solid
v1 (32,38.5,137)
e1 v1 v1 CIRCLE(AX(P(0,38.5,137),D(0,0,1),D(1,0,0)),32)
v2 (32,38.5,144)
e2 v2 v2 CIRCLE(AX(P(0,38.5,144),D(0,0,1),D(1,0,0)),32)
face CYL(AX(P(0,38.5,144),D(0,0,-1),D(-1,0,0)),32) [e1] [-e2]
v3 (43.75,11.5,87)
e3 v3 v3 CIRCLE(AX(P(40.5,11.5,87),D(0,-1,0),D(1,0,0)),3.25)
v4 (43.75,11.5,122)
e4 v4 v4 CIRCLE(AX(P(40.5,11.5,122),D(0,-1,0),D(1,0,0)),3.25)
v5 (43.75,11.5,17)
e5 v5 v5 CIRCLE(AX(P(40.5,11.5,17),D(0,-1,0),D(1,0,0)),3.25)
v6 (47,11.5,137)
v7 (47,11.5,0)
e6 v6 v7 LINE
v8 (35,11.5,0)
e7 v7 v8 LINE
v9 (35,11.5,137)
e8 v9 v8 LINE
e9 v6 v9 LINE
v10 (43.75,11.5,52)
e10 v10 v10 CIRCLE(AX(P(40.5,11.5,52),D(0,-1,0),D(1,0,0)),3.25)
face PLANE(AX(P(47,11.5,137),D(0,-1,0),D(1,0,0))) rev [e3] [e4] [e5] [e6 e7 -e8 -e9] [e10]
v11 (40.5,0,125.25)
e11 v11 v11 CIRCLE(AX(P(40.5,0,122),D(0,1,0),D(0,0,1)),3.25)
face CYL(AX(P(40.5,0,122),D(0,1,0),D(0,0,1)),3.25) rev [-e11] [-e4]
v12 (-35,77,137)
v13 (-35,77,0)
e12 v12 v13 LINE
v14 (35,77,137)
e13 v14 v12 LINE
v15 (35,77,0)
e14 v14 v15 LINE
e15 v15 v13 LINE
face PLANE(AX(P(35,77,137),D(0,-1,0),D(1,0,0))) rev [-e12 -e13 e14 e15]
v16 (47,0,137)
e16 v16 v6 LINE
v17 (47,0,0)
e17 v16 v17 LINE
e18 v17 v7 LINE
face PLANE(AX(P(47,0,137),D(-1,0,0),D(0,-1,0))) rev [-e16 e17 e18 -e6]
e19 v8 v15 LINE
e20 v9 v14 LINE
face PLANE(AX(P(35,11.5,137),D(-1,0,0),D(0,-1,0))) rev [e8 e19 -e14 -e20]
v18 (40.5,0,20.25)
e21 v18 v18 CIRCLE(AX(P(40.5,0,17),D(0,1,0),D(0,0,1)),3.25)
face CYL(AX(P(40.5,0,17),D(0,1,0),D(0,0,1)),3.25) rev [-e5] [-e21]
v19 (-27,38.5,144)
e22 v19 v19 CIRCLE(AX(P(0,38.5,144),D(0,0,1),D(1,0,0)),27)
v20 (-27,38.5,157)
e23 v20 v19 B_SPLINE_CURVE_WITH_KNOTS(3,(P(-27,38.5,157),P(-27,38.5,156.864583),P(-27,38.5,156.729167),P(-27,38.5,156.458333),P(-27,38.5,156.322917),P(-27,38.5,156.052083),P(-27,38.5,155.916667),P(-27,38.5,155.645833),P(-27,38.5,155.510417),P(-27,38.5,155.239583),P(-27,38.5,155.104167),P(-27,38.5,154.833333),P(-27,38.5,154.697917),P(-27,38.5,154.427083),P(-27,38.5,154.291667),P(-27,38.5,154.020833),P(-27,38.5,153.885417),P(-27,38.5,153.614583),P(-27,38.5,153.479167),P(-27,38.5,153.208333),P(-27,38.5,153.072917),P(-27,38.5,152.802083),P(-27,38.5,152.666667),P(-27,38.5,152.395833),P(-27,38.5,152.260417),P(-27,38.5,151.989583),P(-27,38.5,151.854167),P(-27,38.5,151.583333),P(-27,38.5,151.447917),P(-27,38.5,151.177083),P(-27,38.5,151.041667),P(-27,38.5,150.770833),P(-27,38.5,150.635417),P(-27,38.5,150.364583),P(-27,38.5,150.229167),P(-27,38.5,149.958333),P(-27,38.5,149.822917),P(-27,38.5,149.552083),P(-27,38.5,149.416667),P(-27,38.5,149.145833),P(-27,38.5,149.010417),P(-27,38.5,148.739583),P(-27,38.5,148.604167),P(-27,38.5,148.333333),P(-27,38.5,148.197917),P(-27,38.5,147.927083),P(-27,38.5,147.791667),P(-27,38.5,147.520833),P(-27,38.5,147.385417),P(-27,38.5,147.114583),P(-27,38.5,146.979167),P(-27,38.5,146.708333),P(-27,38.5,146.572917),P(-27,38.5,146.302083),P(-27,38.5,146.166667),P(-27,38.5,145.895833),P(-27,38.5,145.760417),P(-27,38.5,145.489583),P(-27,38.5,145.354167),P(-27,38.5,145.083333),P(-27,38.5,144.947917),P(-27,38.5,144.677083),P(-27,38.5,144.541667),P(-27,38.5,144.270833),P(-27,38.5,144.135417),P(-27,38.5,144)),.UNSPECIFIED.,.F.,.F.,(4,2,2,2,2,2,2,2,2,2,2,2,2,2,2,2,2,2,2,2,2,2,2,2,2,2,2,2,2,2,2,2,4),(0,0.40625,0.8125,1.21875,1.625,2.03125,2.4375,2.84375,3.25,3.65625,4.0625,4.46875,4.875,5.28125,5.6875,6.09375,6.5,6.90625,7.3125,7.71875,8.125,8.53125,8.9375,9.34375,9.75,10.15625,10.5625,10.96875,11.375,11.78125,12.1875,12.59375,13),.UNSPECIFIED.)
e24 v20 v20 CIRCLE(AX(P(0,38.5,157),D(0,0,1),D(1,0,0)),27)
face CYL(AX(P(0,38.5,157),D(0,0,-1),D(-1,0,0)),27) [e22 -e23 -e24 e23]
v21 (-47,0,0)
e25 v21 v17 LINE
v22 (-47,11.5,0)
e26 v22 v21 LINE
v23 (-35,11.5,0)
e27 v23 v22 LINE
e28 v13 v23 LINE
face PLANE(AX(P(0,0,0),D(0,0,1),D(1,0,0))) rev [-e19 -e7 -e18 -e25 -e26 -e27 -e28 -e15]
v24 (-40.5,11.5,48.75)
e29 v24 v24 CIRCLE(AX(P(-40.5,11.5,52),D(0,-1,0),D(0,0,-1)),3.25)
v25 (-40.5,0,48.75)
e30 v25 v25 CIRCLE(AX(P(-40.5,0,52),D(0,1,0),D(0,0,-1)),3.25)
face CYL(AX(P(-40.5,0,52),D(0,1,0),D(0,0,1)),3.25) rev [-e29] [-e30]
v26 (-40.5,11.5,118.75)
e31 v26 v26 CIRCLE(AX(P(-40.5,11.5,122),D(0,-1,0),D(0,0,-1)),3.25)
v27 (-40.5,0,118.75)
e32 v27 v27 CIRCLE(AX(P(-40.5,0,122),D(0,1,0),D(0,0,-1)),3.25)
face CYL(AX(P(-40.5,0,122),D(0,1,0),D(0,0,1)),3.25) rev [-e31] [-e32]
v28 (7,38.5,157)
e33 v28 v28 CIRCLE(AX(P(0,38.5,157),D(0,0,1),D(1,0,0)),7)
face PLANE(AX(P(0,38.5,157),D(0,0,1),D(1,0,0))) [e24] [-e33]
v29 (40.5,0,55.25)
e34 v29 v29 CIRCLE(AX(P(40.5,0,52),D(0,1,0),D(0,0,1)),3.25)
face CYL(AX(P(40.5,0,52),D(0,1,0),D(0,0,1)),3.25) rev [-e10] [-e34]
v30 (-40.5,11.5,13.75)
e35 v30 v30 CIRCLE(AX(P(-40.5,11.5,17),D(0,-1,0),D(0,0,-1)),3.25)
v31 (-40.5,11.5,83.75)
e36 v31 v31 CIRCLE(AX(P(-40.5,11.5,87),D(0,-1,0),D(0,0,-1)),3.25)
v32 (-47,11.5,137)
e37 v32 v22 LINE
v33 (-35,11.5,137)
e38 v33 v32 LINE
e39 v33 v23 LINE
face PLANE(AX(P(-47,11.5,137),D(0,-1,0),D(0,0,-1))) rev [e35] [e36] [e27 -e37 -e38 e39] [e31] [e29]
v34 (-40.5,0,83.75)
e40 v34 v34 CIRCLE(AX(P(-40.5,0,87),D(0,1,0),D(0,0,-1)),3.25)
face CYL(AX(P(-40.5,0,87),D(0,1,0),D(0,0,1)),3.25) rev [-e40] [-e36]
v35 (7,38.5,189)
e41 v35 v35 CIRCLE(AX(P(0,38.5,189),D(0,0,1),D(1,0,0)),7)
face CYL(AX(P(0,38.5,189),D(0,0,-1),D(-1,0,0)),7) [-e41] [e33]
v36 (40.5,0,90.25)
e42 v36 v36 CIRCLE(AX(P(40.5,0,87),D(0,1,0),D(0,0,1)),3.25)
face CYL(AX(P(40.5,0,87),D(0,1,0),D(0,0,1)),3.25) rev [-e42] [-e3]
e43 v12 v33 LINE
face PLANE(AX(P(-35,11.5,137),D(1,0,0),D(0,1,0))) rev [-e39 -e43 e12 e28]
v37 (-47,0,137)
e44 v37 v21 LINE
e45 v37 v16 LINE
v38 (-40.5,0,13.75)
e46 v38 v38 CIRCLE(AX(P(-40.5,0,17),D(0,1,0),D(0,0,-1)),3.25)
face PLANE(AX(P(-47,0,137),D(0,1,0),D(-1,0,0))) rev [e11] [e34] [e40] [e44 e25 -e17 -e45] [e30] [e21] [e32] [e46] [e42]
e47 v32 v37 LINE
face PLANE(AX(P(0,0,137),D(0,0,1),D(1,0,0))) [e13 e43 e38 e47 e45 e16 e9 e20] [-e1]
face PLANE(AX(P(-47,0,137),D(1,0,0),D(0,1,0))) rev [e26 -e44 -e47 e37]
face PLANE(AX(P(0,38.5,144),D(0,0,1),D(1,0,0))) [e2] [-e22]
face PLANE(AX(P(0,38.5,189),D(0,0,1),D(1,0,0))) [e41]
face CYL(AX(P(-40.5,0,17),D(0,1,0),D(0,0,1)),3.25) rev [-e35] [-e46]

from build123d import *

# Parameters (mm, degrees)
BOSS_EXTRU_1_DEPTH           = 137
ESQUISSE2_R                  = 32
BOSS_EXTRU_2_DEPTH           = 7
ESQUISSE3_R                  = 27
BOSS_EXTRU_3_DEPTH           = 13
ESQUISSE4_R                  = 7
BOSS_EXTRU_4_DEPTH           = 32
ENL_V_MAT_EXTRU_1_DEPTH      = 206.475667659
ENL_V_MAT_EXTRU_1_DEPTH_BACK = 206.475667659
ESQUISSE5_R                  = 3.25


with BuildPart() as part:
    # Esquisse1 → Boss.-Extru.1 (new body)
    with BuildSketch(Plane.XY):
        Polygon((-47, 0), (47, 0), (47, 11.5), (35, 11.5), (35, 77), (-35, 77), (-35, 11.5), (-47, 11.5), align=None)
    extrude(amount=BOSS_EXTRU_1_DEPTH)

    # Esquisse2 → Boss.-Extru.2 (add)
    with BuildSketch(Plane.XY.offset(137)):
        with Locations((0, 38.5)):
            Circle(ESQUISSE2_R)
    extrude(amount=BOSS_EXTRU_2_DEPTH)

    # Esquisse3 → Boss.-Extru.3 (add)
    with BuildSketch(Plane.XY.offset(144)):
        with Locations(Location((0, 38.5, 0), (0, 0, 180))):
            Circle(ESQUISSE3_R)
    extrude(amount=BOSS_EXTRU_3_DEPTH)

    # Esquisse4 → Boss.-Extru.4 (add)
    with BuildSketch(Plane.XY.offset(157)):
        with Locations((0, 38.5)):
            Circle(ESQUISSE4_R)
    extrude(amount=BOSS_EXTRU_4_DEPTH)

    # Esquisse5 → Enlèv. mat.-Extru.1 (cut, two sides: drawn at the far end of the back side and taken through both)
    with BuildSketch(Plane(origin=(0, 11.5, 0), x_dir=(1, 0, 0), z_dir=(0, 1, 0)).offset(-ENL_V_MAT_EXTRU_1_DEPTH_BACK)):
        with Locations(Location((40.5, -122, 0), (0, 0, 270))):
            Circle(ESQUISSE5_R)
        with Locations(Location((40.5, -87, 0), (0, 0, 270))):
            Circle(ESQUISSE5_R)
        with Locations(Location((40.5, -52, 0), (0, 0, 270))):
            Circle(ESQUISSE5_R)
        with Locations(Location((40.5, -17, 0), (0, 0, 270))):
            Circle(ESQUISSE5_R)
        with Locations(Location((-40.5, -17, 0), (0, 0, 90))):
            Circle(ESQUISSE5_R)
        with Locations(Location((-40.5, -52, 0), (0, 0, 90))):
            Circle(ESQUISSE5_R)
        with Locations(Location((-40.5, -87, 0), (0, 0, 90))):
            Circle(ESQUISSE5_R)
        with Locations(Location((-40.5, -122, 0), (0, 0, 90))):
            Circle(ESQUISSE5_R)
    extrude(amount=ENL_V_MAT_EXTRU_1_DEPTH + ENL_V_MAT_EXTRU_1_DEPTH_BACK, mode=Mode.SUBTRACT)


solid = part.part
